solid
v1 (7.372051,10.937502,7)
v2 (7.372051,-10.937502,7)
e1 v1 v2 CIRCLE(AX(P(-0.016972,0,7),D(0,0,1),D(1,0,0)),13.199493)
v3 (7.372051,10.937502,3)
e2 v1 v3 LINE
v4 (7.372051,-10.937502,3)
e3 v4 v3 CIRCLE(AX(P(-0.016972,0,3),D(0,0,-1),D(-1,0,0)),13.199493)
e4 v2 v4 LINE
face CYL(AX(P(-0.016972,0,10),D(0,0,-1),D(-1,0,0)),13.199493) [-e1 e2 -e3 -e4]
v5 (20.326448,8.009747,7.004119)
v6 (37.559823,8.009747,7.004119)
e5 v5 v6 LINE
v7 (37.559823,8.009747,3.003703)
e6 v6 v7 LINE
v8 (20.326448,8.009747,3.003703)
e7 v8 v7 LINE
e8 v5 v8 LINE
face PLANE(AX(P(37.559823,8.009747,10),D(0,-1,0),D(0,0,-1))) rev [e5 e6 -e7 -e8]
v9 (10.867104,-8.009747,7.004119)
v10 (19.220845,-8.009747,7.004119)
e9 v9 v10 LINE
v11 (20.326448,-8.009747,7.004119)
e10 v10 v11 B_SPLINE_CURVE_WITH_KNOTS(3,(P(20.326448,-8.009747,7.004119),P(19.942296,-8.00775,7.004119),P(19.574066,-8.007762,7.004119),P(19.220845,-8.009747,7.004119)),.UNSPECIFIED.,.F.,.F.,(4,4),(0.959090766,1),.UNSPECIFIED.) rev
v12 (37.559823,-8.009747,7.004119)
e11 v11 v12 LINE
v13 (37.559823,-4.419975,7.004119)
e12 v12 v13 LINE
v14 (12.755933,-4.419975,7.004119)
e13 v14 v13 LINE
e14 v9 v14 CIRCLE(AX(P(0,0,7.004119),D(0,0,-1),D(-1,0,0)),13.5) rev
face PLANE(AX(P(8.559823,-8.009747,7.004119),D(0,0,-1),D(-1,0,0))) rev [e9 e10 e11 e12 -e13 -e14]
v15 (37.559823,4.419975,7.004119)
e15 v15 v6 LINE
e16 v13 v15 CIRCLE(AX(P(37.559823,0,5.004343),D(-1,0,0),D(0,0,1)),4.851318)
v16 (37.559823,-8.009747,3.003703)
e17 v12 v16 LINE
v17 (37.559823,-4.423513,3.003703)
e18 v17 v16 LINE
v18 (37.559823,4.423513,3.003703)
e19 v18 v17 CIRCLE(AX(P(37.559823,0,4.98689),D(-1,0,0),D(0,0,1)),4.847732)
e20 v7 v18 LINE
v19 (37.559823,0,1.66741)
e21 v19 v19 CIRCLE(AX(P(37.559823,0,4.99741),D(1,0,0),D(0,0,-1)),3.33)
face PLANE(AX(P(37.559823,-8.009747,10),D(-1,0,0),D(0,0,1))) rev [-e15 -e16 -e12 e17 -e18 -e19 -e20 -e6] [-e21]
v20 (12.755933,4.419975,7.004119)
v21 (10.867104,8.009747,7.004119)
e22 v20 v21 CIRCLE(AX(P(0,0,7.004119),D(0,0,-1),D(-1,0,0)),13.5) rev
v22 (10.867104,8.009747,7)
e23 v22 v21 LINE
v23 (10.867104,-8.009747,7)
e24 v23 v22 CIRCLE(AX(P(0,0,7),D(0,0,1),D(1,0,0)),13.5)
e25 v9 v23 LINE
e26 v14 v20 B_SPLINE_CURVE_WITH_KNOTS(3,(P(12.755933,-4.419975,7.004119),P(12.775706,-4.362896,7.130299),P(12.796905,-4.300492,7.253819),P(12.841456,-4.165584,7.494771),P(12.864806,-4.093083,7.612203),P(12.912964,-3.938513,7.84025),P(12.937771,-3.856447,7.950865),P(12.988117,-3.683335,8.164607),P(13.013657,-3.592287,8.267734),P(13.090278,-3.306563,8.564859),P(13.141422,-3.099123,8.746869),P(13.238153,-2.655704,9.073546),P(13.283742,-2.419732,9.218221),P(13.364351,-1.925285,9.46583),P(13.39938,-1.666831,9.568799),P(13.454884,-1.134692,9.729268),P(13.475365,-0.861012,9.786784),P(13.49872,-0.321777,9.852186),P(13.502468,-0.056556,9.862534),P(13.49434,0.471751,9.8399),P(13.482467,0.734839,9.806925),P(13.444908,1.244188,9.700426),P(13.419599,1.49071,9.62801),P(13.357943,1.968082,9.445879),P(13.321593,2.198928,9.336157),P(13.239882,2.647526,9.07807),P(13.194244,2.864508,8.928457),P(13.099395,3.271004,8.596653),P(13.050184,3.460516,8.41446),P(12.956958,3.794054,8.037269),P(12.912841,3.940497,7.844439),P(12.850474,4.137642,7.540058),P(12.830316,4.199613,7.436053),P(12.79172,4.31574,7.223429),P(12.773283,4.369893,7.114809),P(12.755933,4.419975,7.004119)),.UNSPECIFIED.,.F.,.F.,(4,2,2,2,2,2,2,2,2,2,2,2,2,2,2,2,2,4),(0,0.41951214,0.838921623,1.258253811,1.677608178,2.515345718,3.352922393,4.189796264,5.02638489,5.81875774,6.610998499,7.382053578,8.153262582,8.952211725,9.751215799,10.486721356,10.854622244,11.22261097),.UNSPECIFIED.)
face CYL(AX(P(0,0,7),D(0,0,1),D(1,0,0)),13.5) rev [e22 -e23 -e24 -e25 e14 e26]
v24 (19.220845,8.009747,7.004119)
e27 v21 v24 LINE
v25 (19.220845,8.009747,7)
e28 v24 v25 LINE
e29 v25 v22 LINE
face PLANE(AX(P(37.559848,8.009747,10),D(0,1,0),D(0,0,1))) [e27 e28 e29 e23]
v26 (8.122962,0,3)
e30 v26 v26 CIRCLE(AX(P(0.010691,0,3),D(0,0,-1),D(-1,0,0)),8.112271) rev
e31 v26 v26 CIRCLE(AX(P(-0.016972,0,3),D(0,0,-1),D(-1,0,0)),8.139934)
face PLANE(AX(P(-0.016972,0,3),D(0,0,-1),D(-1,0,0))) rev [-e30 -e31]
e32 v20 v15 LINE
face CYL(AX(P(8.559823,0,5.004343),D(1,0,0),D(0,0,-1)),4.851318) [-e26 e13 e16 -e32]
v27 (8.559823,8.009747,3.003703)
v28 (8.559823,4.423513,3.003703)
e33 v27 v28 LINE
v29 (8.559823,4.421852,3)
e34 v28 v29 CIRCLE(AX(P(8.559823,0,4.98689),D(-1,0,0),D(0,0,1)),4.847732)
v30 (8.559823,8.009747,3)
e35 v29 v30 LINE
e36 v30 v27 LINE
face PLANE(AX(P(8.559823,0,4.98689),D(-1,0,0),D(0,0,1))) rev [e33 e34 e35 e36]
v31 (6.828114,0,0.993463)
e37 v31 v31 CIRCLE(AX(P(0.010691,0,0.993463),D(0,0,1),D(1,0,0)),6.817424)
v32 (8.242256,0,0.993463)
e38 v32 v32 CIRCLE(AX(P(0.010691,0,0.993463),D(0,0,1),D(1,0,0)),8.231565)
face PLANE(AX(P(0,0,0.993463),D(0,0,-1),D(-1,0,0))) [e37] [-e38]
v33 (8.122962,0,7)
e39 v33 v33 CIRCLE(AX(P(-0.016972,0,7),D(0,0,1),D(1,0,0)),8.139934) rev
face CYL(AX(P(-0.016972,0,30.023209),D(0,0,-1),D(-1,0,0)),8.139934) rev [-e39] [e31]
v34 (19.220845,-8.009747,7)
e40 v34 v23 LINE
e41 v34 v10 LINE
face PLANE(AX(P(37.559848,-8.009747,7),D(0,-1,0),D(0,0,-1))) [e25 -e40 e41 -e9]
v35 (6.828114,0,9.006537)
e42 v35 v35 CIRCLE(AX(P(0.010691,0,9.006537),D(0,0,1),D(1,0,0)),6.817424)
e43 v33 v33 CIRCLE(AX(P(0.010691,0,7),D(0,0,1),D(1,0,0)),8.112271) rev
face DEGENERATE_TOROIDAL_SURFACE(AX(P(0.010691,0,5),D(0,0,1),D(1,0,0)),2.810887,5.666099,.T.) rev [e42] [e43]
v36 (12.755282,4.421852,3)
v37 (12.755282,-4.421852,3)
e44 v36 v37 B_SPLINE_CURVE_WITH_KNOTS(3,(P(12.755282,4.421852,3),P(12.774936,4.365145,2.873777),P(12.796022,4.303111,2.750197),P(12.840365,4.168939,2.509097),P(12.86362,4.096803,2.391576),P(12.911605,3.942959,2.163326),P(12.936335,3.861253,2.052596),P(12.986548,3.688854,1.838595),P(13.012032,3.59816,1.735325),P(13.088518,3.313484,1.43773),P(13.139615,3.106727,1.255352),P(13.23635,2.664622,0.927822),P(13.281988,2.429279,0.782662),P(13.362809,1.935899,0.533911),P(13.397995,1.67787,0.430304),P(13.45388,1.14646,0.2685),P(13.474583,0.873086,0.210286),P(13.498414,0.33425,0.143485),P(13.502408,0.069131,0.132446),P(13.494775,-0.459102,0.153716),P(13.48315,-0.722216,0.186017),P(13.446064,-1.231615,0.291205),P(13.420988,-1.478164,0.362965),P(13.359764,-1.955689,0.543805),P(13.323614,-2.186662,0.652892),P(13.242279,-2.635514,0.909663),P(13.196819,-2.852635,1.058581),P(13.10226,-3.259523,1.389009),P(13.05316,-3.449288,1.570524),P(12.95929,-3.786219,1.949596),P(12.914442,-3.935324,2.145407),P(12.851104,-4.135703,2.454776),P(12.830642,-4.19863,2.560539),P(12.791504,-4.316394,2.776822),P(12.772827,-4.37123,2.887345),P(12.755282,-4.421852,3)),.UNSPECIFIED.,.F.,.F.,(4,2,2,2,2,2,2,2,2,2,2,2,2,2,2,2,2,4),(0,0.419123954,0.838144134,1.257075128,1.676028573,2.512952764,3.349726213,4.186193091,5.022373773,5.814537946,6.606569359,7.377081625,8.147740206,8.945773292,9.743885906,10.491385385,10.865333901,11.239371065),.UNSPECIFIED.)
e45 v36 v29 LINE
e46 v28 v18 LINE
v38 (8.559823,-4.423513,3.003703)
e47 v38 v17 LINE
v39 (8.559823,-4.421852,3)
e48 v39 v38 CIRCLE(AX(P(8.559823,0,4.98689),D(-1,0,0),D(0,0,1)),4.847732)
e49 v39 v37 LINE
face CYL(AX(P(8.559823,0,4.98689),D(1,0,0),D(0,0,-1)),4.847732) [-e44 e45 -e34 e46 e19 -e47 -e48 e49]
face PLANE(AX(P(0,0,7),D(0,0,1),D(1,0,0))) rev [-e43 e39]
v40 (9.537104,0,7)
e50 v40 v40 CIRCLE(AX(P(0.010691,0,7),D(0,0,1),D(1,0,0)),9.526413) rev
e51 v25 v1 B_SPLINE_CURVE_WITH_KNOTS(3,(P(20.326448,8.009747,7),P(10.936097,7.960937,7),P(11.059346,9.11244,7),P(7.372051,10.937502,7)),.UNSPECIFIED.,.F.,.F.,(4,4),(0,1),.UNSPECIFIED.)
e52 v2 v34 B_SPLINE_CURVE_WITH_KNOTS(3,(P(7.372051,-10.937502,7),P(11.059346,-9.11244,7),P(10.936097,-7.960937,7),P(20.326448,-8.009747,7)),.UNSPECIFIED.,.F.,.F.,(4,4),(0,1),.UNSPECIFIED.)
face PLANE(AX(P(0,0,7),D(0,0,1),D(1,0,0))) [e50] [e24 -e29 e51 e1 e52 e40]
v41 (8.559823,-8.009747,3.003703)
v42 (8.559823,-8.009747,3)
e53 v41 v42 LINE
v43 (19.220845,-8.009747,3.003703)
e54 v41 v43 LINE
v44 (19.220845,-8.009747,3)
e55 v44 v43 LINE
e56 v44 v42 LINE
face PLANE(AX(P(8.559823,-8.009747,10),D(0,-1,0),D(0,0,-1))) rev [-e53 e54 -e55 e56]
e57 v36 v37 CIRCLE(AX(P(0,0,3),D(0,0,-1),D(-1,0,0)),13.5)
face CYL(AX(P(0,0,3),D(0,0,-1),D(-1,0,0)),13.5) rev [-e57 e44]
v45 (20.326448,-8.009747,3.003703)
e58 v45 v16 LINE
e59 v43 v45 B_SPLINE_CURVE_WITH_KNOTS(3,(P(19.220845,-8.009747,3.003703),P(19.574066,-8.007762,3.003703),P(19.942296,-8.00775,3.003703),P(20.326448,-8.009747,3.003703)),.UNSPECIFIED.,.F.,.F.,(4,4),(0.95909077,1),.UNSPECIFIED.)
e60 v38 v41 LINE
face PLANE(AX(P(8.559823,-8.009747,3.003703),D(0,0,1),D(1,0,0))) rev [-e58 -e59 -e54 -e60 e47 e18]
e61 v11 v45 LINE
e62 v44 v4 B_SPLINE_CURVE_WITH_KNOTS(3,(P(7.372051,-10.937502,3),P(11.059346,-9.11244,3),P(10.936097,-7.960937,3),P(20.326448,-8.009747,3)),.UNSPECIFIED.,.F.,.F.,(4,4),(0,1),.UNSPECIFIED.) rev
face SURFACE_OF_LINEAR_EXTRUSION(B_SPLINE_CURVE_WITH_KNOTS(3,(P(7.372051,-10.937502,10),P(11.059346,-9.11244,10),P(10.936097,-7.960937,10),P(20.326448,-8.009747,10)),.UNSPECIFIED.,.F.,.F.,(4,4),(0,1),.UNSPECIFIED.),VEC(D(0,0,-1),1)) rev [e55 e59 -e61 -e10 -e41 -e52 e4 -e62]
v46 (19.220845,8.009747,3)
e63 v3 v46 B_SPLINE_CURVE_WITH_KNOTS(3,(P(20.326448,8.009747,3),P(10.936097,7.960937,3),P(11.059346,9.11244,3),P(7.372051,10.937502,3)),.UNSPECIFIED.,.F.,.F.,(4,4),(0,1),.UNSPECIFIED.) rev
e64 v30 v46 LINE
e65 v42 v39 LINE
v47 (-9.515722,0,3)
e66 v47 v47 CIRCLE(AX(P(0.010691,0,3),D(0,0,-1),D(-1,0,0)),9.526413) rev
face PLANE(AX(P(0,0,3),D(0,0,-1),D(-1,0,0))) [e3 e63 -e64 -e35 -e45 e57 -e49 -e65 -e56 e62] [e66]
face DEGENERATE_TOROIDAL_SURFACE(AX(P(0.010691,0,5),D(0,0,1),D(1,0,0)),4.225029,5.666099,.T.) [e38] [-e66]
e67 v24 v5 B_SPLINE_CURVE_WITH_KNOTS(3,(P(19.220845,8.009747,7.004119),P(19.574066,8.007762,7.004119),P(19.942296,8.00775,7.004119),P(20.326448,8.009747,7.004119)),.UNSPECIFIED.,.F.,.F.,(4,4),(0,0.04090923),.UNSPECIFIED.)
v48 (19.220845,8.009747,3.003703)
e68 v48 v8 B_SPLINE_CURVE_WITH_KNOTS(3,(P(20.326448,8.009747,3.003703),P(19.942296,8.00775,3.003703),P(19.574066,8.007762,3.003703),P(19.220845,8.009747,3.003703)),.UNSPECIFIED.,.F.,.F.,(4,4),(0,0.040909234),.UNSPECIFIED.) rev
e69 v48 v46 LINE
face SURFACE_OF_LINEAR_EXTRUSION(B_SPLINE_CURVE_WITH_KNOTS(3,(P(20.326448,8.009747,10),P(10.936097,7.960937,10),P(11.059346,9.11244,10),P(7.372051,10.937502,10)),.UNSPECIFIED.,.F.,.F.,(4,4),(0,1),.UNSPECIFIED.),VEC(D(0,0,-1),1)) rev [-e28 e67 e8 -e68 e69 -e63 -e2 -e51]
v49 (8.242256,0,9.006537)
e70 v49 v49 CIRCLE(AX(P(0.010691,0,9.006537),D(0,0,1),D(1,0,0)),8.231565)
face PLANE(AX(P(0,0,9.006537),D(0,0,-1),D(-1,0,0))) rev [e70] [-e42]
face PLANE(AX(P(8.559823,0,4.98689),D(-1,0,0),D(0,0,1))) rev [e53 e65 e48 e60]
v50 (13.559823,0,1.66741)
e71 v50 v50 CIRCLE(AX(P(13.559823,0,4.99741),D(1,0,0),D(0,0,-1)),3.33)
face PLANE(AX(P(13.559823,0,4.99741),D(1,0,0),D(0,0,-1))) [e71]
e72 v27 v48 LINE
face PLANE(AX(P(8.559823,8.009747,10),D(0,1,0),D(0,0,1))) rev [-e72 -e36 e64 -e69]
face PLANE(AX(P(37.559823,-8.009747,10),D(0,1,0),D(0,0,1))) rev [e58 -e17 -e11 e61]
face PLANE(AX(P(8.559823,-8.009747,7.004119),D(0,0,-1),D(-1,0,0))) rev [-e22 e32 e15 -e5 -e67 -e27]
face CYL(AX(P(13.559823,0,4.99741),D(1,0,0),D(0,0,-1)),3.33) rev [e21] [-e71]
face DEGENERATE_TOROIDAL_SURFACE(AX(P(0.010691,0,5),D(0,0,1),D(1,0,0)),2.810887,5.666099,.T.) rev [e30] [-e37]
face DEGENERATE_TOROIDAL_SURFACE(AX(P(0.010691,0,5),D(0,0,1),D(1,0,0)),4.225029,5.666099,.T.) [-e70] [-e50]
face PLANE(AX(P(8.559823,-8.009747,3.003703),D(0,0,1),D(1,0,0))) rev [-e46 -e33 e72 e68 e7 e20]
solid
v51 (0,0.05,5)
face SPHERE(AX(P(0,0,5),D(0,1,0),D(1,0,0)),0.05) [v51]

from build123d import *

# Parameters (mm, degrees)
BOSS_EXTRUDE3_DEPTH = 10
SKETCH2_R           = 13.5
CUT_EXTRUDE1_DEPTH  = 3
CUT_EXTRUDE2_START  = -3
SKETCH3_R           = 13.5
CUT_EXTRUDE2_DEPTH  = 3
CUT_EXTRUDE5_DEPTH  = 29
SKETCH9_W           = 3
SKETCH9_H           = 2.048086508
SKETCH9_H_2         = 2.048086509
CUT_EXTRUDE6_DEPTH  = 42.048348906
SKETCH14_R          = 3.33
CUT_EXTRUDE11_DEPTH = 24
SKETCH16_R          = 8.139933756
CUT_EXTRUDE13_DEPTH = 4


with BuildPart() as part:
    # Sketch1 → Boss-Extrude3 (new body)
    with BuildSketch(Plane.XY):
        with BuildLine():
            Line((37.55982311, -8.009746942), (37.55982311, 8.009746942))
            Line((37.55982311, 8.009746942), (20.326448254, 8.009746942))
            add(Edge.make_bspline(
                [(7.372051465, 10.937502329), (11.059345851, 9.112439697), (10.936096799, 7.960936917), (20.326448254, 8.009746942)],
                knots=[0, 0, 0, 0, 1, 1, 1, 1], degree=3))
            ThreePointArc((7.372051465, 10.937502329), (-13.216465231, 0), (7.372051465, -10.937502329))
            add(Edge.make_bspline(
                [(7.372051465, -10.937502329), (11.059345851, -9.112439697), (10.936096799, -7.960936917), (20.326448254, -8.009746942)],
                knots=[0, 0, 0, 0, 1, 1, 1, 1], degree=3))
            Line((20.326448254, -8.009746942), (37.55982311, -8.009746942))
        make_face()
    extrude(amount=BOSS_EXTRUDE3_DEPTH)

    # Sketch2 → Cut-Extrude1 (cut)
    with BuildSketch(Plane.XY.offset(10)):
        Circle(SKETCH2_R)
    extrude(amount=-CUT_EXTRUDE1_DEPTH, mode=Mode.SUBTRACT)

    # Sketch3 → Cut-Extrude2 (cut)
    with BuildSketch(Plane(origin=(0, 0, 0), x_dir=(-1, 0, 0), z_dir=(0, 0, -1)).offset(CUT_EXTRUDE2_START)):
        Circle(SKETCH3_R)
    extrude(amount=CUT_EXTRUDE2_DEPTH, mode=Mode.SUBTRACT)

    # Sketch7 → Cut-Extrude5 (cut)
    with BuildSketch(Plane(origin=(37.55982311, 0, 0), x_dir=(0, 0, -1), z_dir=(1, 0, 0))):
        with BuildLine():
            Line((-7.004118926, -8.009746942), (-10, -8.009746942))
            Line((-10, -8.009746942), (-10, 8.009746942))
            Line((-10, 8.009746942), (-7.004118926, 8.009746942))
            Line((-7.004118926, 8.009746942), (-7.004118926, 4.419975285))
            ThreePointArc((-7.004118926, 4.419975285), (-9.855660749, 0), (-7.004118926, -4.419975285))
            Line((-7.004118926, -4.419975285), (-7.004118926, -8.009746942))
        make_face()
        with BuildLine():
            Line((0, 8.009746942), (-3.003702566, 8.009746942))
            Line((-3.003702566, 8.009746942), (-3.003702566, 4.423513393))
            ThreePointArc((-3.003702566, 4.423513393), (-0.139158307, 0), (-3.003702566, -4.423513393))
            Line((-3.003702566, -4.423513393), (-3.003702566, -8.009746942))
            Line((-3.003702566, -8.009746942), (0, -8.009746942))
            Line((0, -8.009746942), (0, 8.009746942))
        make_face()
    extrude(amount=-CUT_EXTRUDE5_DEPTH, mode=Mode.SUBTRACT)

    # Sketch9 → Cut-Extrude6 (cut, through all)
    with BuildSketch(Plane(origin=(0, 0, 0), x_dir=(0, 0, -1), z_dir=(1, 0, 0))):
        with Locations((-8.5, 9.033790196)):
            Rectangle(SKETCH9_W, SKETCH9_H)
        with Locations((-8.5, -9.033790197)):
            Rectangle(SKETCH9_W, SKETCH9_H_2)
        with Locations((-1.5, 9.033790196)):
            Rectangle(SKETCH9_W, SKETCH9_H)
        with Locations((-1.5, -9.033790196)):
            Rectangle(SKETCH9_W, SKETCH9_H)
    extrude(amount=CUT_EXTRUDE6_DEPTH, mode=Mode.SUBTRACT)

    # Sketch14 → Cut-Extrude11 (cut)
    with BuildSketch(Plane(origin=(37.55982311, 0, 0), x_dir=(0, 0, -1), z_dir=(1, 0, 0))):
        with Locations((-4.997409528, 0)):
            Circle(SKETCH14_R)
    extrude(amount=-CUT_EXTRUDE11_DEPTH, mode=Mode.SUBTRACT)

    # Sketch15 → Revolve5 (revolve)
    with BuildSketch(Plane(origin=(0, 0, 0), x_dir=(1, 0, 0), z_dir=(0, 1, 0)), mode=Mode.PRIVATE) as revolve5_sk:
        with BuildLine():
            ThreePointArc((-6.80673286, -0.993463285), (-8.466294705, -5), (-6.80673286, -9.006536715))
            Line((-6.80673286, -9.006536715), (-8.220874534, -9.006536715))
            ThreePointArc((-8.220874534, -9.006536715), (-9.88043638, -5), (-8.220874534, -0.993463285))
            Line((-8.220874534, -0.993463285), (-6.80673286, -0.993463285))
        make_face()
    revolve(revolve5_sk.sketch.rotate(Axis((0.010690819, 0, 9.006536715), (0, 0, -1)), 180), axis=Axis((0.010690819, 0, 9.006536715), (0, 0, -1)))

    # Sketch16 → Cut-Extrude13 (cut)
    with BuildSketch(Plane(origin=(0, 0, 3), x_dir=(-1, 0, 0), z_dir=(0, 0, -1))):
        with Locations(Location((0.016971917, 0, 0), (0, 0, 180.004863608))):
            Circle(SKETCH16_R)
    extrude(amount=-CUT_EXTRUDE13_DEPTH, mode=Mode.SUBTRACT)


with BuildPart() as body_2:
    # Sketch18 → Revolve7 (revolve)
    with BuildSketch(Plane.XY.offset(5)):
        with BuildLine():
            Line((0, 0.05), (0, -0.05))
            ThreePointArc((0, -0.05), (-0.05, 0), (0, 0.05))
        make_face()
    revolve(axis=Axis((0, 0.05, 5), (0, -1, 0)))


solid = Compound([part.part, body_2.part])
